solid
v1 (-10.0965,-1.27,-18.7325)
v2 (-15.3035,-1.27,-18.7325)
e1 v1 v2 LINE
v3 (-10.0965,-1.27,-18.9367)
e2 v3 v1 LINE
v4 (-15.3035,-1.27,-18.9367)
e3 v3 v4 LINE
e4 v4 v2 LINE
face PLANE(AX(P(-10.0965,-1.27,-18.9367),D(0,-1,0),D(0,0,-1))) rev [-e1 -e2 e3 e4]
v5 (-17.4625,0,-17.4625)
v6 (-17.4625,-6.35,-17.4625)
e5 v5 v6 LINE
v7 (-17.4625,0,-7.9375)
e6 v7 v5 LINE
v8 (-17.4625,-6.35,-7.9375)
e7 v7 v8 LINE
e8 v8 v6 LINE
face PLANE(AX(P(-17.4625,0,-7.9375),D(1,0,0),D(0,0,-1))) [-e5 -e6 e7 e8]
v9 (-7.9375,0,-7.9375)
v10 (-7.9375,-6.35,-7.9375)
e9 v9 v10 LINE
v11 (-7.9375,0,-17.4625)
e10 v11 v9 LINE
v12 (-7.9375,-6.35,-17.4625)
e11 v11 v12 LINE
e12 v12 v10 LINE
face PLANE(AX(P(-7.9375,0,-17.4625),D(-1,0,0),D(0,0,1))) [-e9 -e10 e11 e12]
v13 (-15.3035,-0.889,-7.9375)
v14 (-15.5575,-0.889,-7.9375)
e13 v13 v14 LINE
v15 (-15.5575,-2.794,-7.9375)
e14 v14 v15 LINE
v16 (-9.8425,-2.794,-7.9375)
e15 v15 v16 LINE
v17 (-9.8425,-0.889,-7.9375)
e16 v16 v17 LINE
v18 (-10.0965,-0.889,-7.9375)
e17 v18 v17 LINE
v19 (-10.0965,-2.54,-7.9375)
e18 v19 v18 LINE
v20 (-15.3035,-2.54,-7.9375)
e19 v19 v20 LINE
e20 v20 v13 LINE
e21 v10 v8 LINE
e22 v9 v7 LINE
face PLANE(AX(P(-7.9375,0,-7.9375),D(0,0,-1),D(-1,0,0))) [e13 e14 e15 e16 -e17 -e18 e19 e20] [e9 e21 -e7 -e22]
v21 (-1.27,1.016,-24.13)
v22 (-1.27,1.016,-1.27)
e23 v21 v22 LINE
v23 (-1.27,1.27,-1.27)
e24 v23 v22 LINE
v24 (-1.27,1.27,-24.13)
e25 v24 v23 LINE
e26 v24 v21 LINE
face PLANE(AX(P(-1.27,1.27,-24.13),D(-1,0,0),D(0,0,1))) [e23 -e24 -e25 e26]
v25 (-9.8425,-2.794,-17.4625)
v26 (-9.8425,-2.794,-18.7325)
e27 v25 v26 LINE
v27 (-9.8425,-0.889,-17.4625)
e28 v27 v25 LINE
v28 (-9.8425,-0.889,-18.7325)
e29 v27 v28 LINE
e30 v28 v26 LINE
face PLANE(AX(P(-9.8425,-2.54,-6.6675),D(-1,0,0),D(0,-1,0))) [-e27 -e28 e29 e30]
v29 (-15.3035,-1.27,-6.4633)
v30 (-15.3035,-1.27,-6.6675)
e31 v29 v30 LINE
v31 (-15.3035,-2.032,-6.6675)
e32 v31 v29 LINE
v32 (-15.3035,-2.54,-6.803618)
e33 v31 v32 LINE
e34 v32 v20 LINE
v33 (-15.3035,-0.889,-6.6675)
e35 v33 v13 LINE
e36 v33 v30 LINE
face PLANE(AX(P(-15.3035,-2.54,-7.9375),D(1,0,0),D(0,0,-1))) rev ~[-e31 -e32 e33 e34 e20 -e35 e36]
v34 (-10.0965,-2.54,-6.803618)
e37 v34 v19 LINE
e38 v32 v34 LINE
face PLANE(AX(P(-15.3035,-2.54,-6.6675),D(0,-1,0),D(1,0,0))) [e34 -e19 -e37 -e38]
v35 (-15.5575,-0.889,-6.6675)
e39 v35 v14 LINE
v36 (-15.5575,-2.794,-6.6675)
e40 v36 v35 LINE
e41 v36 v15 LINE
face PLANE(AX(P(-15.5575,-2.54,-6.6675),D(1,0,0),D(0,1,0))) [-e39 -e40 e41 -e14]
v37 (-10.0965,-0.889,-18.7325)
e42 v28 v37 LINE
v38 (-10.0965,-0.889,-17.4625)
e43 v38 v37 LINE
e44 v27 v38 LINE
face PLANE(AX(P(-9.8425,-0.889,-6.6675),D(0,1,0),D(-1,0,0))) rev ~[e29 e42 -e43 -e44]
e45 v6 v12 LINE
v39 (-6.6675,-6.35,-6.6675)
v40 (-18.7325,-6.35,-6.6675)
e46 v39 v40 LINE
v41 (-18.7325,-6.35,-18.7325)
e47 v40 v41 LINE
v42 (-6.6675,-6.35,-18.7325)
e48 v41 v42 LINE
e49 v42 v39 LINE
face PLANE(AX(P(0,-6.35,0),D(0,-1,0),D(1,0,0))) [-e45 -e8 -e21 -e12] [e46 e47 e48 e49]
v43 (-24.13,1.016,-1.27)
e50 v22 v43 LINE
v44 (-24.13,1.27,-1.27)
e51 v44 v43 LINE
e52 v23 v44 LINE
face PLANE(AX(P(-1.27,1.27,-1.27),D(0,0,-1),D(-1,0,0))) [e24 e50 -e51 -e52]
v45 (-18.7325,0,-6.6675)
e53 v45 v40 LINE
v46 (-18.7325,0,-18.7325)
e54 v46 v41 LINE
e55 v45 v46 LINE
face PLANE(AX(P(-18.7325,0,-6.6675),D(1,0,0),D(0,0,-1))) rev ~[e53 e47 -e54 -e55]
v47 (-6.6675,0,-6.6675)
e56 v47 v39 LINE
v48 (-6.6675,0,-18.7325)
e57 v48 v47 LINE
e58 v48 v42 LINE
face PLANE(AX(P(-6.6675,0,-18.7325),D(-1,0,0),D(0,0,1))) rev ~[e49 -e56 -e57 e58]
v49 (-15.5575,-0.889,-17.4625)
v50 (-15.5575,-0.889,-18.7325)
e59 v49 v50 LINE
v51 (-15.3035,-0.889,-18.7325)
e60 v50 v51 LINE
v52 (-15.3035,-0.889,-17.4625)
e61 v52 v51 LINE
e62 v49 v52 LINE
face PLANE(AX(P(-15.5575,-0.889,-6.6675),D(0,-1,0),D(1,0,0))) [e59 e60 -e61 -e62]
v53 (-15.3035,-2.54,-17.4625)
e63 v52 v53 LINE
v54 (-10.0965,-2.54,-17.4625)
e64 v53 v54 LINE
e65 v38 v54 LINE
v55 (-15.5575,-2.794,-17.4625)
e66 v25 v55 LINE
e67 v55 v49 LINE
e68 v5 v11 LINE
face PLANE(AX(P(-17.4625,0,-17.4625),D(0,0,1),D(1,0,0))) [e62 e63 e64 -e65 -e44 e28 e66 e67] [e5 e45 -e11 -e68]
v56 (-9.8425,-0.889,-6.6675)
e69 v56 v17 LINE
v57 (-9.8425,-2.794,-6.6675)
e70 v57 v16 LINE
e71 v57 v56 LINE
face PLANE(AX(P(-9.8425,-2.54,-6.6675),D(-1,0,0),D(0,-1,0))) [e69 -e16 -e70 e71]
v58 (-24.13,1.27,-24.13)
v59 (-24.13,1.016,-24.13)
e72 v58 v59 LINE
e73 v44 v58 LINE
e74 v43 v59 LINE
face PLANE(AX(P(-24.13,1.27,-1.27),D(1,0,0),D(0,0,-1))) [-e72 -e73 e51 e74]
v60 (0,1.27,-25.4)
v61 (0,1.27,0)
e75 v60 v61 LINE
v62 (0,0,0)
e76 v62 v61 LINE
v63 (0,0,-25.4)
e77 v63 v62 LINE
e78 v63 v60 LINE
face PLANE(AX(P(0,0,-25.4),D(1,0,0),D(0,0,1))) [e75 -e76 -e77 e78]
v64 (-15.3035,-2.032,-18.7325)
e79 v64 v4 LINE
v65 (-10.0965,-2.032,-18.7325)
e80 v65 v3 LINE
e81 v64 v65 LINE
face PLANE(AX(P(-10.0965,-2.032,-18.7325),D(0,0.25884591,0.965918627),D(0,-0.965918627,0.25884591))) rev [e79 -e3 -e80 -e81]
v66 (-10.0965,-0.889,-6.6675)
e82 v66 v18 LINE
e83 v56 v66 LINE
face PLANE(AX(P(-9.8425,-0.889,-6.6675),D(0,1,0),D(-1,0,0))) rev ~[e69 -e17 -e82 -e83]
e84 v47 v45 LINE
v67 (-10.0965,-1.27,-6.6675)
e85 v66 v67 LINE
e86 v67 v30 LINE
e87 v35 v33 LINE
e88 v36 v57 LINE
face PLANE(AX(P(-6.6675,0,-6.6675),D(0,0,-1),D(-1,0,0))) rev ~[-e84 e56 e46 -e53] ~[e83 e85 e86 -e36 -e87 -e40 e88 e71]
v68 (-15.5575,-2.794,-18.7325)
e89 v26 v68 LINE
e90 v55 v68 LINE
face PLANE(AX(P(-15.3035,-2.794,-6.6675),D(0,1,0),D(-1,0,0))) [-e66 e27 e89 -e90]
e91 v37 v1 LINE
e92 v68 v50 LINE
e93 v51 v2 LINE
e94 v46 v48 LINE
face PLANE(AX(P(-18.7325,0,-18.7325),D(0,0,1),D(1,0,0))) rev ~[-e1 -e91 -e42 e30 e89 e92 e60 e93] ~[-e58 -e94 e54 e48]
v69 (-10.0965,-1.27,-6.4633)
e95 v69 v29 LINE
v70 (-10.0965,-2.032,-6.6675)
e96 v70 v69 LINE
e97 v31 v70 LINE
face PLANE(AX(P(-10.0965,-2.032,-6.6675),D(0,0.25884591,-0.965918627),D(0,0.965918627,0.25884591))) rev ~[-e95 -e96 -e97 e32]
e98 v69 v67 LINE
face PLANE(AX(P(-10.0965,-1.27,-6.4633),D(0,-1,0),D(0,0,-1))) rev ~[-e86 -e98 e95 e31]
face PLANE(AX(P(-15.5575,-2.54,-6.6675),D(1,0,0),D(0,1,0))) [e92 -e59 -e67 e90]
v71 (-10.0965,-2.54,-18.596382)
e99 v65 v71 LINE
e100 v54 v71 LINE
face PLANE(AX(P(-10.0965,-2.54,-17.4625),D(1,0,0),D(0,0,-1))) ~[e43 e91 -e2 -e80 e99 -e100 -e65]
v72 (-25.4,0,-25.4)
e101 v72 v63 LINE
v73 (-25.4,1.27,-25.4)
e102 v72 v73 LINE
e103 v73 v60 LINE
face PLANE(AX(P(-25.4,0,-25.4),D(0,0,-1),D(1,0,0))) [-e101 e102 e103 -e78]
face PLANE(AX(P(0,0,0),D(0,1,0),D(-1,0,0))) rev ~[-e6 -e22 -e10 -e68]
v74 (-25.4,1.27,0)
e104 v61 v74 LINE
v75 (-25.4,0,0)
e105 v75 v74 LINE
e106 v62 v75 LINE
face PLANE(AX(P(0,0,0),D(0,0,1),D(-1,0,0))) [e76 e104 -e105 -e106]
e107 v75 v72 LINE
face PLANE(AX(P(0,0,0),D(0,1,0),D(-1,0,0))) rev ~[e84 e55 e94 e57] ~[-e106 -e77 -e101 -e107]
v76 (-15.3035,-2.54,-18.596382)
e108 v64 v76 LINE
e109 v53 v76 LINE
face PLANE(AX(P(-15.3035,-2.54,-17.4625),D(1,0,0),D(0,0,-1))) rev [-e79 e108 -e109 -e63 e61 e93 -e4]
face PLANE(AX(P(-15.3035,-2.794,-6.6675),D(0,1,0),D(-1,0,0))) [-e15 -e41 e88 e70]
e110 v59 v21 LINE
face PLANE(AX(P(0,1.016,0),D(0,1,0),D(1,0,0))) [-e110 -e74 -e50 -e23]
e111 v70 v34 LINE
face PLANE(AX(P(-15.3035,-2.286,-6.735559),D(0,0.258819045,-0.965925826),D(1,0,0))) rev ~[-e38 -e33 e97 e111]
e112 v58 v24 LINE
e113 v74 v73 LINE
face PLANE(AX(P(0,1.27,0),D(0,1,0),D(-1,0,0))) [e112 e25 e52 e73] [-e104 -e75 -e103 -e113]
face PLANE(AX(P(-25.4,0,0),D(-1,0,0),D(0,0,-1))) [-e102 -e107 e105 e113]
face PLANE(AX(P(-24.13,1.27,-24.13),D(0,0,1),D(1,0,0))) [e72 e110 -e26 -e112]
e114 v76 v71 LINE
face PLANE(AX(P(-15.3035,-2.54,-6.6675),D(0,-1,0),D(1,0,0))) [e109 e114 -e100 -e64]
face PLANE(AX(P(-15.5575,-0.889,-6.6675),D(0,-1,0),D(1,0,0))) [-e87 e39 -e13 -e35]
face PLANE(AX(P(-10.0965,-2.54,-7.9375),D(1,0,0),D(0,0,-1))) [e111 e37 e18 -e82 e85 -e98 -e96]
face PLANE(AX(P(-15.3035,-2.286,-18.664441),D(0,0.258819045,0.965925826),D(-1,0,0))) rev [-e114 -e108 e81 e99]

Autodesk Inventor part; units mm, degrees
ref_plane "YZ Plane" through (0, 0, 0) normal (1, 0, 0) x (0, 1, 0)
ref_plane "XZ Plane" through (0, 0, 0) normal (0, 1, 0) x (-1, 0, 0)
ref_plane "XY Plane" through (0, 0, 0) normal (0, 0, 1) x (1, 0, 0)
sketch "Sketch1" plane through (0, 0, 0) normal (0, 1, 0) x (-1, 0, 0)
  line L0 (0, 0) -> (25.4, 0)
  line L1 (25.4, 0) -> (25.4, -25.4)
  line L2 (25.4, -25.4) -> (0, -25.4)
  line L3 (0, -25.4) -> (0, 0)
  dimension "d0" = 25.4
  dimension "d1" = 25.4
extrude "Extrusion1" add sketch "Sketch1" along normal blind 1.27
sketch "Sketch2" plane through (0, 0, 0) normal (0, -1, 0) x (1, 0, 0)
  line L0 (-6.6675, -6.6675) -> (-18.7325, -6.6675)
  line L1 (-18.7325, -6.6675) -> (-18.7325, -18.7325)
  line L2 (-18.7325, -18.7325) -> (-6.6675, -18.7325)
  line L3 (-6.6675, -18.7325) -> (-6.6675, -6.6675)
  line L4 (0, 0) -> (0, -25.4) projected
  line L5 (0, -25.4) -> (-25.4, -25.4) projected
  line L6 (-7.9375, -7.9375) -> (-17.4625, -7.9375)
  line L7 (-17.4625, -7.9375) -> (-17.4625, -17.4625)
  line L8 (-17.4625, -17.4625) -> (-7.9375, -17.4625)
  line L9 (-7.9375, -17.4625) -> (-7.9375, -7.9375)
  point P0 (-6.6675, -12.7)
  point P1 (0, -12.7)
  point P2 (-12.7, -18.7325)
  point P3 (-12.7, -25.4)
  dimension "d4" = 12.065
  dimension "d6" = 1.27
extrude "Extrusion2" add sketch "Sketch2" along normal blind 6.35
sketch "Sketch3" plane through (-18.7325, 0, -6.6675) normal (0, 0, 1) x (1, 0, 0)
  line L0 (3.175, -2.54) -> (8.89, -2.54)
  line L1 (8.89, -2.54) -> (8.89, -2.794)
  line L2 (8.89, -2.794) -> (3.175, -2.794)
  line L3 (3.175, -2.794) -> (3.175, -2.54)
  line L4 (12.065, -6.35) -> (0, -6.35) projected
  line L5 (-6.6675, 0) -> (18.7325, 0) projected
  line L6 (3.175, -0.889) -> (3.429, -0.889)
  line L7 (3.429, -0.889) -> (3.429, -2.794)
  line L8 (3.429, -2.794) -> (3.175, -2.794)
  line L9 (3.175, -2.794) -> (3.175, -0.889)
  line L10 (6.0325, -2.794) -> (6.0325, -2.54) construction
  line L11 (8.89, -0.889) -> (8.636, -0.889)
  line L12 (8.636, -0.889) -> (8.636, -2.794)
  line L13 (8.89, -2.794) -> (8.89, -0.889)
  point P0 (6.0325, -6.35)
  point P1 (8.636, -2.54)
  point P2 (3.429, -2.54)
  dimension "d9" = 0.254
  dimension "d10" = 5.715
  dimension "d11" = 2.54
  dimension "d14" = 0.254
  dimension "d15" = 1.905
extrude "Extrusion3" cut sketch "Sketch3" against normal through all
chamfer "Chamfer1" distance 0.508 angle 15 1 edges at (-12.7, -2.54, -6.6675) measured on face at (-13.6525, -5.1647, -6.6675)
sketch "Sketch4" plane through (-10.0965, -2.54, -7.9375) normal (1, 0, 0) x (0, 0, -1)
  line L0 (-1.27, 0.508) -> (-1.1339, 0) projected
  line L1 (-1.27, 0.508) -> (-1.27, 1.27)
  line L2 (-1.27, 0.508) -> (-1.4742, 1.27)
  line L3 (-1.4742, 1.27) -> (-1.27, 1.27)
  line L4 (-1.27, 1.651) -> (0, 1.651) construction
  line L5 (-1.27, 1.651) -> (-1.27, 1.27) construction
  line L6 (-1.27, 0.508) -> (-1.27, 1.651) construction
  point P0 (-7.9375, 2.54)
  dimension "d22" = 0.381
extrude "Extrusion4" add sketch "Sketch4" against normal up to surface (5.207 mm away)
ref_plane "Work Plane1" through (-18.7325, 0, -12.7) normal (0, 0, 1) x (1, 0, 0)
chamfer "Chamfer2" distance 0.508 angle 15 1 edges at (-12.7, -2.54, -18.7325) measured on face at (-11.7475, -5.1647, -18.7325)
mirror "Mirror2" about plane through (-18.7325, 0, -12.7) normal (0, 0, 1) of "Extrusion4"
sketch "Sketch5" plane through (0, 1.27, 0) normal (0, 1, 0) x (1, 0, 0)
  line L0 (0, 25.4) -> (-25.4, 25.4) projected
  line L1 (-25.4, 25.4) -> (-25.4, 0) projected
  line L2 (-25.4, 0) -> (0, 0) projected
  line L3 (0, 0) -> (0, 25.4) projected
  line L4 (-24.13, 1.27) -> (-24.13, 24.13)
  line L5 (-24.13, 24.13) -> (-1.27, 24.13)
  line L6 (-1.27, 24.13) -> (-1.27, 1.27)
  line L7 (-1.27, 1.27) -> (-24.13, 1.27)
  dimension "d26" = 1.27
extrude "Extrusion5" cut sketch "Sketch5" against normal blind 0.254 contours L4 L5 L6 L7
